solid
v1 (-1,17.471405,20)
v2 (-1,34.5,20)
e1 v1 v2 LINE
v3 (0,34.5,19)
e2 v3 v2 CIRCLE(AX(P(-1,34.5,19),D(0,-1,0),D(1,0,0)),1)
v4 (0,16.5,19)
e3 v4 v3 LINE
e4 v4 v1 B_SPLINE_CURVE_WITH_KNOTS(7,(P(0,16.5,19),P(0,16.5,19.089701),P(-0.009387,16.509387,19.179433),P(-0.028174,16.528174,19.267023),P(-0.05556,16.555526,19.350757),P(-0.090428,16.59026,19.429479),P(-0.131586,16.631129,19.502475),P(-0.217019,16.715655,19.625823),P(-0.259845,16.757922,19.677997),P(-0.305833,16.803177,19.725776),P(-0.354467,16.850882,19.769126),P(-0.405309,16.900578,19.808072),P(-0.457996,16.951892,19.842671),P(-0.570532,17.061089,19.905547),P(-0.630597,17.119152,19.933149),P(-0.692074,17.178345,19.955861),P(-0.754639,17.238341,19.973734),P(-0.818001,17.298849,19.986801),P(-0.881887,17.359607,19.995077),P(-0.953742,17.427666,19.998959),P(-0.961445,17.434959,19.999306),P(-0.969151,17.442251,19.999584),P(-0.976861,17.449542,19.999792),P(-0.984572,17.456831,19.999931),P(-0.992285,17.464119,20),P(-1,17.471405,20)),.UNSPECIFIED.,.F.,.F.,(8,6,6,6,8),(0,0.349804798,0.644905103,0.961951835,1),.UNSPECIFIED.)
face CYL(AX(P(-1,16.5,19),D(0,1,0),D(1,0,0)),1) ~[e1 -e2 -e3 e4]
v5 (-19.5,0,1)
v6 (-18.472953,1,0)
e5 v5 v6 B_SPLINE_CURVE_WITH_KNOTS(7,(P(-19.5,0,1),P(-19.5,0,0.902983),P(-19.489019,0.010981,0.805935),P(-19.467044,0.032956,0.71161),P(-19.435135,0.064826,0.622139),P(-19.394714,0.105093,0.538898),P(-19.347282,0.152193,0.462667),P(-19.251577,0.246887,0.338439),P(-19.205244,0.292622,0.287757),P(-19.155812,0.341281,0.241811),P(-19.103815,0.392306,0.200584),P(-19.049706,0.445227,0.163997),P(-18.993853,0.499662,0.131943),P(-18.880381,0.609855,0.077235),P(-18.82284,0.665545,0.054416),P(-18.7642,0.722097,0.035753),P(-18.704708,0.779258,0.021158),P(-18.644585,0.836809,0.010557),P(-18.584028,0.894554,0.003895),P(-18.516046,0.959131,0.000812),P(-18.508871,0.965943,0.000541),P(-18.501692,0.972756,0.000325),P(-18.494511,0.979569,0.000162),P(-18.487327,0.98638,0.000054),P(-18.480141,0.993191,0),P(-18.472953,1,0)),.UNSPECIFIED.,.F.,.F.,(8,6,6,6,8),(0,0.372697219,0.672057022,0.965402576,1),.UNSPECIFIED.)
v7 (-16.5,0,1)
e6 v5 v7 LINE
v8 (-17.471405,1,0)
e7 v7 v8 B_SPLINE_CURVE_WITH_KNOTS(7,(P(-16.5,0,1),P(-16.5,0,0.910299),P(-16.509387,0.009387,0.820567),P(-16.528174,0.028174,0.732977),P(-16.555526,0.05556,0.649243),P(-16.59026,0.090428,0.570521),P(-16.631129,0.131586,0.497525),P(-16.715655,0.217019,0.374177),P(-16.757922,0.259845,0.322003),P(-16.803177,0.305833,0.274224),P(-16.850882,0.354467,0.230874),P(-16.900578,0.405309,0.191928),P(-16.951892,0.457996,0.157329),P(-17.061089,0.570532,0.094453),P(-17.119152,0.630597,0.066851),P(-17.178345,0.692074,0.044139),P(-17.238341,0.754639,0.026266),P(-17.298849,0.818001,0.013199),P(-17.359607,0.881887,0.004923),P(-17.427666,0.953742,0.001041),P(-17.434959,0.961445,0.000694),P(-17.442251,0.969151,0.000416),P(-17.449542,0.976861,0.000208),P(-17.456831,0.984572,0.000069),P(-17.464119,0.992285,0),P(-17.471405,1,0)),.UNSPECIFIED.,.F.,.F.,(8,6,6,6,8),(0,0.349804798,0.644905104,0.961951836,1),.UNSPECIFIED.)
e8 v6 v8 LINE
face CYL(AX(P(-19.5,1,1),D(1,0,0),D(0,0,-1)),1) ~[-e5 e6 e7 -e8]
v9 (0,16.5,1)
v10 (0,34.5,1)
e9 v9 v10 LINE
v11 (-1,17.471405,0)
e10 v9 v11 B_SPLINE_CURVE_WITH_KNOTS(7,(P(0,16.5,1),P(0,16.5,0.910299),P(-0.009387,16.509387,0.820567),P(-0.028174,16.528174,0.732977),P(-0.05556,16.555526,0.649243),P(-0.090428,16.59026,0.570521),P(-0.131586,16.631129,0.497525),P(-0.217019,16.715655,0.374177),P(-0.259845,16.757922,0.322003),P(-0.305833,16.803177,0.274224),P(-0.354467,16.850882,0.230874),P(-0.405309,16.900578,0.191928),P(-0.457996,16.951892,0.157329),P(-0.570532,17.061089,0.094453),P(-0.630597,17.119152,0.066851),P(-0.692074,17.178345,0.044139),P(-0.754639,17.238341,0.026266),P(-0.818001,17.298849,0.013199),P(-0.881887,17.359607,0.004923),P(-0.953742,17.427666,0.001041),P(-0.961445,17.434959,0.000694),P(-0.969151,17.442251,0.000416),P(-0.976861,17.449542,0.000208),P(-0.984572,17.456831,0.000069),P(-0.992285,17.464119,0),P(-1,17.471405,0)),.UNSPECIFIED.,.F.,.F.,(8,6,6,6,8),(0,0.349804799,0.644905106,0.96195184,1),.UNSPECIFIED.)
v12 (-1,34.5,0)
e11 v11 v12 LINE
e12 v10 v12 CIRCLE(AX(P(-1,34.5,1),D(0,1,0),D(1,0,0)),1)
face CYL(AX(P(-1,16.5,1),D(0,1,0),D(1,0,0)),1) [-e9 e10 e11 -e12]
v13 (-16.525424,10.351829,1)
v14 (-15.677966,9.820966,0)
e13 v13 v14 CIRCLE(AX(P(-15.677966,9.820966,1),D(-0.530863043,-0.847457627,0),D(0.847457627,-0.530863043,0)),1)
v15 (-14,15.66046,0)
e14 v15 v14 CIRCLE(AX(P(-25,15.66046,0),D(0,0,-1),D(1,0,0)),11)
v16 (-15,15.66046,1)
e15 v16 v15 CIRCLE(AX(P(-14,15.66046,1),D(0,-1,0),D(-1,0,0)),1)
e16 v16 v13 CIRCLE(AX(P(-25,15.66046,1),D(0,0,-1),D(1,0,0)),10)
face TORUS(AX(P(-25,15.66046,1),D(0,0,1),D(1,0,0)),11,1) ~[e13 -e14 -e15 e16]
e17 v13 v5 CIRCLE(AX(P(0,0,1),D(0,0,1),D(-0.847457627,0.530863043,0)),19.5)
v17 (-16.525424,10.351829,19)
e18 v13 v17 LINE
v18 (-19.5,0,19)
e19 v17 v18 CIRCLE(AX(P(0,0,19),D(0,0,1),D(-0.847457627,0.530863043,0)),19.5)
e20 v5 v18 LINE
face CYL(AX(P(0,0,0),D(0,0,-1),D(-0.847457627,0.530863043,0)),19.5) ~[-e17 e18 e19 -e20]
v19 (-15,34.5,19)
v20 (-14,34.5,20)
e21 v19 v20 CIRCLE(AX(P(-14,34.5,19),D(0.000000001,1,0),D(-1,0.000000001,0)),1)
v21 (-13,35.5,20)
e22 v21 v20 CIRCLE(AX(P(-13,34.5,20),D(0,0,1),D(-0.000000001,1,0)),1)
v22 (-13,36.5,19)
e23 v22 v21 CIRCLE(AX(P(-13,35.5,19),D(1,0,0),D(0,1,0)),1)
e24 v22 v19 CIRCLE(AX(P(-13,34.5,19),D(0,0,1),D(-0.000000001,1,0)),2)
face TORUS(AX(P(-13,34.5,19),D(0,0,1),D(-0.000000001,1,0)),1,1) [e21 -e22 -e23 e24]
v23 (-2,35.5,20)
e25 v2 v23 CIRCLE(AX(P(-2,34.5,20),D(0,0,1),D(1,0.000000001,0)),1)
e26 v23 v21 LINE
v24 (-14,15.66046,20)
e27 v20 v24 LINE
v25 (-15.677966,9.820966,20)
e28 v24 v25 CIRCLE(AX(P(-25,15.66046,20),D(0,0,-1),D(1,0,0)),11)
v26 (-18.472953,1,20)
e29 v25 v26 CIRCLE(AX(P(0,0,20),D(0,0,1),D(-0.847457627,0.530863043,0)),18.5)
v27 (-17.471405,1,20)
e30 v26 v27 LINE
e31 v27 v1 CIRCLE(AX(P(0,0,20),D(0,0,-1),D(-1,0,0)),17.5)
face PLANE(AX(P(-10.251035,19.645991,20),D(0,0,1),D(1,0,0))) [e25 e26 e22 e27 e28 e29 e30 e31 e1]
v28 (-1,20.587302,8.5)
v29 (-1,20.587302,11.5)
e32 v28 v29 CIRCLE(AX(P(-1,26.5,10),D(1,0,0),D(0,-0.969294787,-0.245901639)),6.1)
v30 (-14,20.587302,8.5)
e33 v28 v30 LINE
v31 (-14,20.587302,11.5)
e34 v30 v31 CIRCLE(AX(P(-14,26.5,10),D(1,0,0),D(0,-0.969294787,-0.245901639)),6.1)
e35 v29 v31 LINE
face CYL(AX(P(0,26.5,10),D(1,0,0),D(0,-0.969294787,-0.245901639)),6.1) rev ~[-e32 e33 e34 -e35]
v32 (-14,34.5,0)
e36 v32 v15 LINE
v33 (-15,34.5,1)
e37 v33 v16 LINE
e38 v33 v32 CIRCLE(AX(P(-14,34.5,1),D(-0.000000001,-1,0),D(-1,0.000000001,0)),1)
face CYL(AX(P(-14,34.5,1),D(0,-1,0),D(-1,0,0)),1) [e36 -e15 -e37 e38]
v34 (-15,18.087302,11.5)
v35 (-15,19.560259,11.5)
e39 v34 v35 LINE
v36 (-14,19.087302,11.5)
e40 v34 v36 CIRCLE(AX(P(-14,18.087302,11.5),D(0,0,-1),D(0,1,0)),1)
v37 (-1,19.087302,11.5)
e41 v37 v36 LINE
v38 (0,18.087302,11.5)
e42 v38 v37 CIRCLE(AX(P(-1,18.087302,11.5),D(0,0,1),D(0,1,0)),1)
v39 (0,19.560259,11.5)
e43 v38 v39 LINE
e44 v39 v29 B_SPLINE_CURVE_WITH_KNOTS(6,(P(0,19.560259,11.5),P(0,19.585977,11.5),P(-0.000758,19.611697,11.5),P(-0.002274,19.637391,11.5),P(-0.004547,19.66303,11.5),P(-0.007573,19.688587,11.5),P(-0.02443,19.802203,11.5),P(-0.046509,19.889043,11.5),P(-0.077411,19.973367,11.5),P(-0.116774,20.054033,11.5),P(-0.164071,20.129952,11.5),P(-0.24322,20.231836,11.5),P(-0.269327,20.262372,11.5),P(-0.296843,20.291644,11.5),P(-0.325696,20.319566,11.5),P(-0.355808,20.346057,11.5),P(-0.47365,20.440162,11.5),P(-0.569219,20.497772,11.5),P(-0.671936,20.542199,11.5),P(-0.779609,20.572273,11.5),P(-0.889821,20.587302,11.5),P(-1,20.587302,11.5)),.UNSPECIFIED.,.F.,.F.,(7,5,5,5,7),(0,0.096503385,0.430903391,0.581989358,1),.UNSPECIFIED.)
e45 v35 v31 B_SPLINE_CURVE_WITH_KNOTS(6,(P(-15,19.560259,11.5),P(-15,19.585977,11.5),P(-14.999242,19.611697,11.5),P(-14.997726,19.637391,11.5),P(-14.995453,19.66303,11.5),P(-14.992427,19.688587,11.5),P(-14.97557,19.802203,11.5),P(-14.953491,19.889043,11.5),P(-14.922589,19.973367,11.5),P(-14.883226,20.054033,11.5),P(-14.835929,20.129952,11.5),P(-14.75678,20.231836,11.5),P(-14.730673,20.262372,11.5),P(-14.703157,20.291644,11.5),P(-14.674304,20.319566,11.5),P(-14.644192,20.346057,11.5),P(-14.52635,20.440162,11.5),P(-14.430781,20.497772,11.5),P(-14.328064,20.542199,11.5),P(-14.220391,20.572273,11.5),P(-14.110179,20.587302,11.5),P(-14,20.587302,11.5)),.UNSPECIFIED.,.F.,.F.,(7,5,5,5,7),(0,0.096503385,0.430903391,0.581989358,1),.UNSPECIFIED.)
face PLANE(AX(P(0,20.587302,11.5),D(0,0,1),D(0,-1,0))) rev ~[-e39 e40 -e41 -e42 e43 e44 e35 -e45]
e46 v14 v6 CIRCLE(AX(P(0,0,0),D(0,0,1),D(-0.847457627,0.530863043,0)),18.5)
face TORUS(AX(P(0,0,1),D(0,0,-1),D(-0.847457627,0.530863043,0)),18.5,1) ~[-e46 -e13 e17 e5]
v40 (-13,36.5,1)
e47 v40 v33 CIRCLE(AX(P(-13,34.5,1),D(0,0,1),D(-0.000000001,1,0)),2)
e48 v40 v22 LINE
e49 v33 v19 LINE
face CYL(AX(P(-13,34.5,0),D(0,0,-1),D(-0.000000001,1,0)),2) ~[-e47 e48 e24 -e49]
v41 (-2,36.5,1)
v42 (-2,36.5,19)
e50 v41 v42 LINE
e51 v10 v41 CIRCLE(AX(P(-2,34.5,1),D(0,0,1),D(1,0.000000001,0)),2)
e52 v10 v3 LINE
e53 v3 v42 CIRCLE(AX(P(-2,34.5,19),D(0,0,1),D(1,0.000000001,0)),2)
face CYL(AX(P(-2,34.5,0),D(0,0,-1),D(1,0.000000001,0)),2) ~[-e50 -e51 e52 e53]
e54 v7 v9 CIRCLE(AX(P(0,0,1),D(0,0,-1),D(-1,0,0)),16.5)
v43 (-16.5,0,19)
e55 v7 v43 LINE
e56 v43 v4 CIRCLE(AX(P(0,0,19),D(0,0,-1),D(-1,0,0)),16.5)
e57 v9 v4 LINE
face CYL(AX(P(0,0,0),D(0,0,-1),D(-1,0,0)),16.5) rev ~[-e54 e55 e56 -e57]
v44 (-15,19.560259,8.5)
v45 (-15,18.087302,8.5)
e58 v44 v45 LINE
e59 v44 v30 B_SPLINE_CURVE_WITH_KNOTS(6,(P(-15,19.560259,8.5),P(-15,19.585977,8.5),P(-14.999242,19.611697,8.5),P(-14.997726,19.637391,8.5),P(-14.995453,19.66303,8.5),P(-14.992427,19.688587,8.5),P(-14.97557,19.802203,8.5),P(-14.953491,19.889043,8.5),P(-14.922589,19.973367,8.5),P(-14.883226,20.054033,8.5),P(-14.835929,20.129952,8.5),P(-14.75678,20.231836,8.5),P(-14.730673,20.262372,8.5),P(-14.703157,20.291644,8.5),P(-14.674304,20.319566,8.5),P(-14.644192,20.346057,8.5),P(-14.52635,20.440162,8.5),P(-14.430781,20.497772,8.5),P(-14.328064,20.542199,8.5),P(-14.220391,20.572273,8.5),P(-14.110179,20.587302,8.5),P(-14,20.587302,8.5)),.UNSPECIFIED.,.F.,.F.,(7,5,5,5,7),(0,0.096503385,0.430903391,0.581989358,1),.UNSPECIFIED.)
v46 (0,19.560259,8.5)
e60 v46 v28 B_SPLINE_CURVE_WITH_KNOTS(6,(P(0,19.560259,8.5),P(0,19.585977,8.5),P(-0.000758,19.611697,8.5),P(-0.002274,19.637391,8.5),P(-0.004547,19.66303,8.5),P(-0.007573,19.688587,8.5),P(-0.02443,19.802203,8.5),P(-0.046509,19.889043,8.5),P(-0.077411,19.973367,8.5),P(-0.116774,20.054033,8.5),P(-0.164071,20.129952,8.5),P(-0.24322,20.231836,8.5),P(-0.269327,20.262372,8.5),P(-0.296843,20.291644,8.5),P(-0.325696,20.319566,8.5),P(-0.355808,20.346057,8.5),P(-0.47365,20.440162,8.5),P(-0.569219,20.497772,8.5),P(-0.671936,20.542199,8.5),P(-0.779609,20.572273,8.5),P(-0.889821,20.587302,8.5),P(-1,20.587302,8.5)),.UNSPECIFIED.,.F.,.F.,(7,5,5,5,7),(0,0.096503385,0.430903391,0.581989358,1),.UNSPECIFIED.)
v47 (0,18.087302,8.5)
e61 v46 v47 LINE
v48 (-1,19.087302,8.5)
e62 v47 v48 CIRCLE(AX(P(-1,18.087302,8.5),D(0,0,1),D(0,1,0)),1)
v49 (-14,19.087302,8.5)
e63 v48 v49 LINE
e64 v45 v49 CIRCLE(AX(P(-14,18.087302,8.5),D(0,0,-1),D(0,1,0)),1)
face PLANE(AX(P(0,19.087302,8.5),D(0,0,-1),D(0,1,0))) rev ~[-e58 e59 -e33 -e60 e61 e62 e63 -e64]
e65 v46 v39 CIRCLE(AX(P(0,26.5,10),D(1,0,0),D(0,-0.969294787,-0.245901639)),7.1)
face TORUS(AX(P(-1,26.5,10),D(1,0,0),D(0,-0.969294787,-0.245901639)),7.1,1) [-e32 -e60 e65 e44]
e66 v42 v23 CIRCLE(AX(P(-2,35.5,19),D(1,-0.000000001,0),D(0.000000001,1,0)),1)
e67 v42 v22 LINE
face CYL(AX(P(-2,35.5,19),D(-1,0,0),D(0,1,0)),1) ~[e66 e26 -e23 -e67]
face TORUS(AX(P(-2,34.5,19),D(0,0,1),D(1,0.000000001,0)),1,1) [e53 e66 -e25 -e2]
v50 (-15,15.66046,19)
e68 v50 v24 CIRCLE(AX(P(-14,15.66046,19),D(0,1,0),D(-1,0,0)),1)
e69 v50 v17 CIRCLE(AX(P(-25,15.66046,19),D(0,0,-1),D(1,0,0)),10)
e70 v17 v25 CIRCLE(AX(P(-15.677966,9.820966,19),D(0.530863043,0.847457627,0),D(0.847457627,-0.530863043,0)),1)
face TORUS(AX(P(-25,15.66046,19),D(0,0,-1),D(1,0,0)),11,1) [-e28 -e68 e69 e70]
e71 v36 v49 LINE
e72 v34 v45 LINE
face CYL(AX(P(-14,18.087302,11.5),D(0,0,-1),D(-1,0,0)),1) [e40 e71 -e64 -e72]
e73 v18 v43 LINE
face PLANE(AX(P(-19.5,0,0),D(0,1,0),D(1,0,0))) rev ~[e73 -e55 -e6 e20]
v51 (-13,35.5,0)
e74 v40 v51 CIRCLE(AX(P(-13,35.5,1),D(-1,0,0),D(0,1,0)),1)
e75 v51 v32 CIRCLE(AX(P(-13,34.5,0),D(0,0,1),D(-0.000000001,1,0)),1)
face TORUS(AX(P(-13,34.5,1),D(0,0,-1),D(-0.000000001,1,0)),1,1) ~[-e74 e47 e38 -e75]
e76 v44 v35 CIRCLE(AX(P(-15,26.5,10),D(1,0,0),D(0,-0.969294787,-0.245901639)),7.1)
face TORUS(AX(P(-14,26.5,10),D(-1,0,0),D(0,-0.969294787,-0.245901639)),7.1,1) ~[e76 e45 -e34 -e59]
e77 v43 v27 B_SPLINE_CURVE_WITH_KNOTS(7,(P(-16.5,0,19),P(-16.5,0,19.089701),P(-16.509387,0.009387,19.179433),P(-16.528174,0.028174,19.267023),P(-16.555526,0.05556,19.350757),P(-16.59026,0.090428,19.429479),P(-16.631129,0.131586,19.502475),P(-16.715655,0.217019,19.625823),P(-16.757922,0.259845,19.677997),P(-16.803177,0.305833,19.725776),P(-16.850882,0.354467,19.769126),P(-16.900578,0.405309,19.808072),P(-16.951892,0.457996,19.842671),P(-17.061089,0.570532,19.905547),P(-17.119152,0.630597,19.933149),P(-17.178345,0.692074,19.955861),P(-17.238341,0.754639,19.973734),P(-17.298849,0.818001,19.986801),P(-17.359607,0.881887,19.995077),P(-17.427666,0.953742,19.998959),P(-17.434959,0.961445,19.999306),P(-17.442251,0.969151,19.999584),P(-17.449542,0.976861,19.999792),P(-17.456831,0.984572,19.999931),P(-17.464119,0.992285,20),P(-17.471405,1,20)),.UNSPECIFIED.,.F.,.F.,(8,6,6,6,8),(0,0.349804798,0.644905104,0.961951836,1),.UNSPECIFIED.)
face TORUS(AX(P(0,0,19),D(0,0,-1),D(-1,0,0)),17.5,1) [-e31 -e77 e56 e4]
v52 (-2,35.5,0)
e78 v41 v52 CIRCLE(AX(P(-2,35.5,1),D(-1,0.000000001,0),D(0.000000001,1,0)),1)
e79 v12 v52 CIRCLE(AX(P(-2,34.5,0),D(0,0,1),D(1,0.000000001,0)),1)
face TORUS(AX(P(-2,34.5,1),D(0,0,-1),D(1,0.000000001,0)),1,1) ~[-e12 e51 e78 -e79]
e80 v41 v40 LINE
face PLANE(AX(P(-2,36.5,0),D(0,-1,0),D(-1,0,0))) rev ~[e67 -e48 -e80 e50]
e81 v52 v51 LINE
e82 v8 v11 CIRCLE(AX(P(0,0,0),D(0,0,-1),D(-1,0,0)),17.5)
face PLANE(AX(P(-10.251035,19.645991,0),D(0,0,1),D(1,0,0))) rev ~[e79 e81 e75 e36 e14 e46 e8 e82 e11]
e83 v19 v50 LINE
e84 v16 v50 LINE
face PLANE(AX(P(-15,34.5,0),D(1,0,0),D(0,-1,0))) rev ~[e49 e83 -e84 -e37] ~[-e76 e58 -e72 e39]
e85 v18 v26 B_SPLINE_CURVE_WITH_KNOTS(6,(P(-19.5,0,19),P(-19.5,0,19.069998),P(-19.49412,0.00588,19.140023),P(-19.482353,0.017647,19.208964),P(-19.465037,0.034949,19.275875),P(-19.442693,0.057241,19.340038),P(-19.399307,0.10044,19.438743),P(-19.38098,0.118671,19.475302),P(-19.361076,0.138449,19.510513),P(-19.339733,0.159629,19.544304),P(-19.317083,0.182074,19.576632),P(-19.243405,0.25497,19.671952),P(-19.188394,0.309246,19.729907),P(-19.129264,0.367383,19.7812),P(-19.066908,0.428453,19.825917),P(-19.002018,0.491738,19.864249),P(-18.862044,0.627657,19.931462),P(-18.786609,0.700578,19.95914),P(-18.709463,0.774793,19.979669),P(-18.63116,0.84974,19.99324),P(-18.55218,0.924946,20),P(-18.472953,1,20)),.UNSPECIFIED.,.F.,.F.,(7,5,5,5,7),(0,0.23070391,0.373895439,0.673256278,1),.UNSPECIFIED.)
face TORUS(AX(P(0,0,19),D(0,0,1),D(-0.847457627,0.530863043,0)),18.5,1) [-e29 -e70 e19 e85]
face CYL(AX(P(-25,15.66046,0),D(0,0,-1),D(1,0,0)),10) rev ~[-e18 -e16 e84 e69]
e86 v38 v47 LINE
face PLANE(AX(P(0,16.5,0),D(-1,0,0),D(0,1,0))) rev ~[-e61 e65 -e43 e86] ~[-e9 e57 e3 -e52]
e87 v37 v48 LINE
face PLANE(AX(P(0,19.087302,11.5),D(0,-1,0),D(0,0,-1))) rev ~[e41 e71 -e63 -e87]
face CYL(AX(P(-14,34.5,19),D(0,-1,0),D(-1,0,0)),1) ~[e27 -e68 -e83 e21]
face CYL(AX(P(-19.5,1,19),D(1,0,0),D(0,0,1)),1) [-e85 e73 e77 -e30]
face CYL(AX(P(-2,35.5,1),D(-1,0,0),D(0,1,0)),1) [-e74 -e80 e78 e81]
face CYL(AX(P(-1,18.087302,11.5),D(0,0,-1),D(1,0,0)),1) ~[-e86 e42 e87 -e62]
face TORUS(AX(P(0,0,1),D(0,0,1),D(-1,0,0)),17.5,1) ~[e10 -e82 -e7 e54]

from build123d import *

# Parameters (mm, degrees)
BOSS_EXTRUDE1_DEPTH = 20
CUT_EXTRUDE1_DEPTH  = 46.961940777
FILLET1_R           = 1
FILLET2_R           = 1
FILLET3_R           = 1


with BuildPart() as part:
    # Sketch1 → Boss-Extrude1 (new body)
    with BuildSketch(Plane.XY):
        with BuildLine():
            Line((-19.5, 0), (-16.5, 0))
            ThreePointArc((-16.5, 0), (-11.66726189, 11.66726189), (0, 16.5))
            Line((0, 16.5), (0, 34.5))
            ThreePointArc((0, 34.5), (-0.585786438, 35.914213562), (-2, 36.5))
            Line((-2, 36.5), (-13, 36.5))
            ThreePointArc((-13, 36.5), (-14.414213562, 35.914213562), (-15, 34.5))
            Line((-15, 34.5), (-15, 15.660459763))
            ThreePointArc((-15, 15.660459763), (-15.388918825, 12.89873591), (-16.525423729, 10.351829335))
            ThreePointArc((-16.525423729, 10.351829335), (-18.741608292, 5.385361515), (-19.5, 0))
        make_face()
    extrude(amount=BOSS_EXTRUDE1_DEPTH)

    # Sketch2 → Cut-Extrude1 (cut, through all)
    with BuildSketch(Plane(origin=(0, 0, 0), x_dir=(0, 0, -1), z_dir=(1, 0, 0))):
        with BuildLine():
            Line((-11.5, 19.0873018), (-8.5, 19.0873018))
            Line((-8.5, 19.0873018), (-8.5, 20.5873018))
            ThreePointArc((-8.5, 20.5873018), (-10, 32.6), (-11.5, 20.5873018))
            Line((-11.5, 20.5873018), (-11.5, 19.0873018))
        make_face()
    extrude(amount=-CUT_EXTRUDE1_DEPTH, mode=Mode.SUBTRACT)

    # Fillet1
    fillet1_edges = [part.edges().sort_by_distance(p)[0] for p in [
        (-15, 19.0873018, 10),
        (0, 19.0873018, 10),
    ]]
    fillet(fillet1_edges, radius=FILLET1_R)

    # Fillet2
    fillet2_edges = [part.edges().sort_by_distance(p)[0] for p in [
        (-15, 32.6, 10),
        (0, 32.6, 10),
    ]]
    fillet(fillet2_edges, radius=FILLET2_R)

    # Fillet3
    fillet3_edges = [part.edges().sort_by_distance(p)[0] for p in [
        (-11.66726189, 11.66726189, 20),
        (-0.585786438, 35.914213562, 0),
        (0, 25.5, 0),
        (-11.66726189, 11.66726189, 0),
        (-18, 0, 0),
        (-18.741608292, 5.385361515, 0),
        (0, 25.5, 20),
        (-0.585786438, 35.914213562, 20),
        (-7.5, 36.5, 20),
        (-14.414213562, 35.914213562, 20),
        (-15, 25.080229882, 20),
        (-15.388918825, 12.89873591, 20),
        (-18.741608292, 5.385361515, 20),
        (-18, 0, 20),
        (-15.388918825, 12.89873591, 0),
        (-15, 25.080229882, 0),
        (-14.414213562, 35.914213562, 0),
        (-7.5, 36.5, 0),
    ]]
    fillet(fillet3_edges, radius=FILLET3_R)


solid = part.part
